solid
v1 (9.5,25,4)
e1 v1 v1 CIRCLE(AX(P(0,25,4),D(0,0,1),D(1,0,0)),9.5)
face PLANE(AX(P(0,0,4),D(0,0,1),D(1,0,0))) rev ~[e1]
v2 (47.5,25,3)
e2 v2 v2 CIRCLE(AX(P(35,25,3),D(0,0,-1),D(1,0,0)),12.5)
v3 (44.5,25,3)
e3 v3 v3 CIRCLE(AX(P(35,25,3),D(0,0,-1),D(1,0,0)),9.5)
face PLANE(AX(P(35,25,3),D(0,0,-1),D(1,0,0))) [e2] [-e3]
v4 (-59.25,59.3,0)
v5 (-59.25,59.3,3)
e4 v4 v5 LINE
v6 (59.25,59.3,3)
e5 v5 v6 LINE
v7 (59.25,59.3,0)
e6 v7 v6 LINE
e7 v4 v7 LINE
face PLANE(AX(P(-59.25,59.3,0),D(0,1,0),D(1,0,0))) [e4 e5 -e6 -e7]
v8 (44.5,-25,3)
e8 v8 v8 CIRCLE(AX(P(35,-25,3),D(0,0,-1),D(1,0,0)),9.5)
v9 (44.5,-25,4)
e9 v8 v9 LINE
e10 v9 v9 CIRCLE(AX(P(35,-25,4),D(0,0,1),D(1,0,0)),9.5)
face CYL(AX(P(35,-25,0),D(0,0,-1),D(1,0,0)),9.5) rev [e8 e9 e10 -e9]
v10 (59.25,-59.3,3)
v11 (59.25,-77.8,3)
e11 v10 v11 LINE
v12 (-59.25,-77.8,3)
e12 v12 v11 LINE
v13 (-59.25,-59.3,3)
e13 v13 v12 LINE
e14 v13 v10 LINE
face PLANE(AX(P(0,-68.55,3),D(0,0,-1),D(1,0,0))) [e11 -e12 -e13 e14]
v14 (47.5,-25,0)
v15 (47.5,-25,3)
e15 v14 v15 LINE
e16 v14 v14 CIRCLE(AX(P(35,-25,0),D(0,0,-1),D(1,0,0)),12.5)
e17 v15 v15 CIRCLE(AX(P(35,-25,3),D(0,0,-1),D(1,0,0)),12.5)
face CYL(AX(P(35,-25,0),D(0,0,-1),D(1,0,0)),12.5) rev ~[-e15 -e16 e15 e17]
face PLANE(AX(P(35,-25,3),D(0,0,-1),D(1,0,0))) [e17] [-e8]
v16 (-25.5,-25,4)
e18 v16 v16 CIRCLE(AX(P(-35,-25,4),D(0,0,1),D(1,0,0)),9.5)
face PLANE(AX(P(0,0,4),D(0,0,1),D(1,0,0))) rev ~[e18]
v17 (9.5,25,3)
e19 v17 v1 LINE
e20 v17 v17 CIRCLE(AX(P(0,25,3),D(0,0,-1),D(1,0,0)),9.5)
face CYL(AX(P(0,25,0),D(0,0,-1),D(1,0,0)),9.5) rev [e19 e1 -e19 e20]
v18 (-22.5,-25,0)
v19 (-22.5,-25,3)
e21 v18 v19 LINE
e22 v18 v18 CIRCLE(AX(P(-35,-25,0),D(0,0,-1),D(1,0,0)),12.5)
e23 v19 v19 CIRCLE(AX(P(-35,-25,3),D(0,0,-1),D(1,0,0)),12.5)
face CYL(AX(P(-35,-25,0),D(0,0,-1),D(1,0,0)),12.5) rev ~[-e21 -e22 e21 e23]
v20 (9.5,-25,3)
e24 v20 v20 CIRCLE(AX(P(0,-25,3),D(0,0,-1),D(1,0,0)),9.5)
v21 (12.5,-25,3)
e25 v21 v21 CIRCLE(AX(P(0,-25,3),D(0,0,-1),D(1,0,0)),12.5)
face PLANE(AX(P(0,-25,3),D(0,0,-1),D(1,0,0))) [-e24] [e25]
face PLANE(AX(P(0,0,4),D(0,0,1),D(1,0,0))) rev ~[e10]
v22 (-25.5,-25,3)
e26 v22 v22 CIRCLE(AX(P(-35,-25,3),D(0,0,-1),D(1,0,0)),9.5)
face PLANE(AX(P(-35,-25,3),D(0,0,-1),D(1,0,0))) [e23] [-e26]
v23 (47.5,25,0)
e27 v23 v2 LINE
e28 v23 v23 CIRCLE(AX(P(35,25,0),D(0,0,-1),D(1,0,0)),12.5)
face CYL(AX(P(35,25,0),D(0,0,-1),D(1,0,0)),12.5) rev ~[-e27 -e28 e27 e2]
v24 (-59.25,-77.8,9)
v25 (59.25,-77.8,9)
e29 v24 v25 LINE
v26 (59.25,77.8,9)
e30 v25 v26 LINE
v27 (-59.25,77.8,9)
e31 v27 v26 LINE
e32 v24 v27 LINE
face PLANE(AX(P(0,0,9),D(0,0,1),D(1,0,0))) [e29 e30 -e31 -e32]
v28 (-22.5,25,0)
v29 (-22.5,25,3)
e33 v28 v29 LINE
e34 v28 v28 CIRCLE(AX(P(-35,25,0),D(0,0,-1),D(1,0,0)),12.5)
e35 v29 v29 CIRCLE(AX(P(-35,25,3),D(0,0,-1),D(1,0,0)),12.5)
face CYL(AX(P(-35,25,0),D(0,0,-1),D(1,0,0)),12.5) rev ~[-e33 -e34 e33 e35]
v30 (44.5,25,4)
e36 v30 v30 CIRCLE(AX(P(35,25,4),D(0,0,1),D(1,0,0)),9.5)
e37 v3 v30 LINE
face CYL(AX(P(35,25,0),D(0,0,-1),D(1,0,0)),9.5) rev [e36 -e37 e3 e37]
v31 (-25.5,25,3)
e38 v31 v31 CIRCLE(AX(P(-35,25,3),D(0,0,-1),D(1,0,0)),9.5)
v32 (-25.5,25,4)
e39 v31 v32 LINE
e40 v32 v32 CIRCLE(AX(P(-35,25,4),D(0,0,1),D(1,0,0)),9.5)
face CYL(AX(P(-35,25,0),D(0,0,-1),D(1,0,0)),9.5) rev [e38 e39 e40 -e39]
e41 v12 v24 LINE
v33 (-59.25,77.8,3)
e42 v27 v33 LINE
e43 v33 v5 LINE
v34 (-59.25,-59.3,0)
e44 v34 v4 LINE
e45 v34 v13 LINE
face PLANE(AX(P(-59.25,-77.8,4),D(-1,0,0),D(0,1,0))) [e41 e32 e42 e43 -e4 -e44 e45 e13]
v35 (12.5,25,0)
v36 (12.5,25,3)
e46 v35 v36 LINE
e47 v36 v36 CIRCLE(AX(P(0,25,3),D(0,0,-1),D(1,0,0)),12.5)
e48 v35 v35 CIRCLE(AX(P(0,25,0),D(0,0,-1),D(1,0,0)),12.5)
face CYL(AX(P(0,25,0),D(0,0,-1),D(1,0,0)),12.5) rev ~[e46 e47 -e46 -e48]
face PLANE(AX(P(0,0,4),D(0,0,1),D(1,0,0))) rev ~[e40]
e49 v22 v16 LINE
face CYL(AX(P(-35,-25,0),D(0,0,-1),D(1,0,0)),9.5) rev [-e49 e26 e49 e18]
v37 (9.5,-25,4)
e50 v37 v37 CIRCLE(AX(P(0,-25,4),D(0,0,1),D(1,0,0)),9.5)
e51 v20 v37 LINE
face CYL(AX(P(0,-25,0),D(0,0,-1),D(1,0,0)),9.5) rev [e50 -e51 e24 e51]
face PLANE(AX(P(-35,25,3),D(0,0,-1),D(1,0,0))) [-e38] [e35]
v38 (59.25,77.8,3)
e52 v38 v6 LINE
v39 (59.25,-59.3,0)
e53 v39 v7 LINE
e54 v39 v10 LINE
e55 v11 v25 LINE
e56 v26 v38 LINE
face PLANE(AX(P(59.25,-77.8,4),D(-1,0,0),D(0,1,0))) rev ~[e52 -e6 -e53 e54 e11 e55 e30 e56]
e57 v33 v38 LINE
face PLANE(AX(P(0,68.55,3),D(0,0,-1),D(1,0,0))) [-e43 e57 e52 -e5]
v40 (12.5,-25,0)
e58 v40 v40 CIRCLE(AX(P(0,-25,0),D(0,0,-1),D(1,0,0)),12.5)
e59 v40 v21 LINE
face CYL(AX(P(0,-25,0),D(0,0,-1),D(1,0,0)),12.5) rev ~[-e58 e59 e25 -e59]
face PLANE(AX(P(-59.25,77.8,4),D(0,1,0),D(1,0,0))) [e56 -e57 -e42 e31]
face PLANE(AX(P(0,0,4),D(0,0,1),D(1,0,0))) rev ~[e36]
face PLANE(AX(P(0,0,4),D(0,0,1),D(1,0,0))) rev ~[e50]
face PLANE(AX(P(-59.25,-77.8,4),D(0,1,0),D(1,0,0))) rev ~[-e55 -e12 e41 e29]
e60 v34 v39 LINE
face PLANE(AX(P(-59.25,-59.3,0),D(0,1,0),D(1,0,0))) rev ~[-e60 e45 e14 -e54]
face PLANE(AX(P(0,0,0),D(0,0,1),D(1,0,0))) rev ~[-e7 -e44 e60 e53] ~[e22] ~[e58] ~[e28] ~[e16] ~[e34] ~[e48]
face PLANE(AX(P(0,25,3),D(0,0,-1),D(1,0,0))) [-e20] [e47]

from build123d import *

# Parameters (mm, degrees)
F0_W     = 118.5
F0_H     = 155.6
F0_R     = 9.5
F1_DEPTH = 4
F2_W     = 118.5
F2_H     = 155.6
F3_DEPTH = 5
F4_R     = 12.5
F4_W     = 118.5
F4_H     = 18.5
F5_DEPTH = 3


with BuildPart() as f1:
    # F0 (on Top) → F1 (new body)
    with BuildSketch(Plane.XY):
        Rectangle(F0_W, F0_H)
        with Locations((-35, -25)):
            Circle(F0_R, mode=Mode.SUBTRACT)
        with Locations((0, -25)):
            Circle(F0_R, mode=Mode.SUBTRACT)
        with Locations((35, -25)):
            Circle(F0_R, mode=Mode.SUBTRACT)
        with Locations((-35, 25)):
            Circle(F0_R, mode=Mode.SUBTRACT)
        with Locations((0, 25)):
            Circle(F0_R, mode=Mode.SUBTRACT)
        with Locations((35, 25)):
            Circle(F0_R, mode=Mode.SUBTRACT)
    extrude(amount=F1_DEPTH)

    # F2 (on face) → F3 (join)
    with BuildSketch(Plane.XY.offset(4)):
        Rectangle(F2_W, F2_H)
    extrude(amount=F3_DEPTH)

    # F4 (on face) → F5 (cut)
    with BuildSketch(Plane(origin=(0, 0, 0), x_dir=(1, 0, 0), z_dir=(0, 0, -1))):
        with Locations((-35, 25)):
            Circle(F4_R)
        with Locations((-35, -25)):
            Circle(F4_R)
        with Locations((0, 25)):
            Circle(F4_R)
        with Locations((0, -25)):
            Circle(F4_R)
        with Locations((35, 25)):
            Circle(F4_R)
        with Locations((35, -25)):
            Circle(F4_R)
        with Locations((0, 68.55)):
            Rectangle(F4_W, F4_H)
        with Locations((0, -68.55)):
            Rectangle(F4_W, F4_H)
    extrude(amount=-F5_DEPTH, mode=Mode.SUBTRACT)


solid = f1.part
